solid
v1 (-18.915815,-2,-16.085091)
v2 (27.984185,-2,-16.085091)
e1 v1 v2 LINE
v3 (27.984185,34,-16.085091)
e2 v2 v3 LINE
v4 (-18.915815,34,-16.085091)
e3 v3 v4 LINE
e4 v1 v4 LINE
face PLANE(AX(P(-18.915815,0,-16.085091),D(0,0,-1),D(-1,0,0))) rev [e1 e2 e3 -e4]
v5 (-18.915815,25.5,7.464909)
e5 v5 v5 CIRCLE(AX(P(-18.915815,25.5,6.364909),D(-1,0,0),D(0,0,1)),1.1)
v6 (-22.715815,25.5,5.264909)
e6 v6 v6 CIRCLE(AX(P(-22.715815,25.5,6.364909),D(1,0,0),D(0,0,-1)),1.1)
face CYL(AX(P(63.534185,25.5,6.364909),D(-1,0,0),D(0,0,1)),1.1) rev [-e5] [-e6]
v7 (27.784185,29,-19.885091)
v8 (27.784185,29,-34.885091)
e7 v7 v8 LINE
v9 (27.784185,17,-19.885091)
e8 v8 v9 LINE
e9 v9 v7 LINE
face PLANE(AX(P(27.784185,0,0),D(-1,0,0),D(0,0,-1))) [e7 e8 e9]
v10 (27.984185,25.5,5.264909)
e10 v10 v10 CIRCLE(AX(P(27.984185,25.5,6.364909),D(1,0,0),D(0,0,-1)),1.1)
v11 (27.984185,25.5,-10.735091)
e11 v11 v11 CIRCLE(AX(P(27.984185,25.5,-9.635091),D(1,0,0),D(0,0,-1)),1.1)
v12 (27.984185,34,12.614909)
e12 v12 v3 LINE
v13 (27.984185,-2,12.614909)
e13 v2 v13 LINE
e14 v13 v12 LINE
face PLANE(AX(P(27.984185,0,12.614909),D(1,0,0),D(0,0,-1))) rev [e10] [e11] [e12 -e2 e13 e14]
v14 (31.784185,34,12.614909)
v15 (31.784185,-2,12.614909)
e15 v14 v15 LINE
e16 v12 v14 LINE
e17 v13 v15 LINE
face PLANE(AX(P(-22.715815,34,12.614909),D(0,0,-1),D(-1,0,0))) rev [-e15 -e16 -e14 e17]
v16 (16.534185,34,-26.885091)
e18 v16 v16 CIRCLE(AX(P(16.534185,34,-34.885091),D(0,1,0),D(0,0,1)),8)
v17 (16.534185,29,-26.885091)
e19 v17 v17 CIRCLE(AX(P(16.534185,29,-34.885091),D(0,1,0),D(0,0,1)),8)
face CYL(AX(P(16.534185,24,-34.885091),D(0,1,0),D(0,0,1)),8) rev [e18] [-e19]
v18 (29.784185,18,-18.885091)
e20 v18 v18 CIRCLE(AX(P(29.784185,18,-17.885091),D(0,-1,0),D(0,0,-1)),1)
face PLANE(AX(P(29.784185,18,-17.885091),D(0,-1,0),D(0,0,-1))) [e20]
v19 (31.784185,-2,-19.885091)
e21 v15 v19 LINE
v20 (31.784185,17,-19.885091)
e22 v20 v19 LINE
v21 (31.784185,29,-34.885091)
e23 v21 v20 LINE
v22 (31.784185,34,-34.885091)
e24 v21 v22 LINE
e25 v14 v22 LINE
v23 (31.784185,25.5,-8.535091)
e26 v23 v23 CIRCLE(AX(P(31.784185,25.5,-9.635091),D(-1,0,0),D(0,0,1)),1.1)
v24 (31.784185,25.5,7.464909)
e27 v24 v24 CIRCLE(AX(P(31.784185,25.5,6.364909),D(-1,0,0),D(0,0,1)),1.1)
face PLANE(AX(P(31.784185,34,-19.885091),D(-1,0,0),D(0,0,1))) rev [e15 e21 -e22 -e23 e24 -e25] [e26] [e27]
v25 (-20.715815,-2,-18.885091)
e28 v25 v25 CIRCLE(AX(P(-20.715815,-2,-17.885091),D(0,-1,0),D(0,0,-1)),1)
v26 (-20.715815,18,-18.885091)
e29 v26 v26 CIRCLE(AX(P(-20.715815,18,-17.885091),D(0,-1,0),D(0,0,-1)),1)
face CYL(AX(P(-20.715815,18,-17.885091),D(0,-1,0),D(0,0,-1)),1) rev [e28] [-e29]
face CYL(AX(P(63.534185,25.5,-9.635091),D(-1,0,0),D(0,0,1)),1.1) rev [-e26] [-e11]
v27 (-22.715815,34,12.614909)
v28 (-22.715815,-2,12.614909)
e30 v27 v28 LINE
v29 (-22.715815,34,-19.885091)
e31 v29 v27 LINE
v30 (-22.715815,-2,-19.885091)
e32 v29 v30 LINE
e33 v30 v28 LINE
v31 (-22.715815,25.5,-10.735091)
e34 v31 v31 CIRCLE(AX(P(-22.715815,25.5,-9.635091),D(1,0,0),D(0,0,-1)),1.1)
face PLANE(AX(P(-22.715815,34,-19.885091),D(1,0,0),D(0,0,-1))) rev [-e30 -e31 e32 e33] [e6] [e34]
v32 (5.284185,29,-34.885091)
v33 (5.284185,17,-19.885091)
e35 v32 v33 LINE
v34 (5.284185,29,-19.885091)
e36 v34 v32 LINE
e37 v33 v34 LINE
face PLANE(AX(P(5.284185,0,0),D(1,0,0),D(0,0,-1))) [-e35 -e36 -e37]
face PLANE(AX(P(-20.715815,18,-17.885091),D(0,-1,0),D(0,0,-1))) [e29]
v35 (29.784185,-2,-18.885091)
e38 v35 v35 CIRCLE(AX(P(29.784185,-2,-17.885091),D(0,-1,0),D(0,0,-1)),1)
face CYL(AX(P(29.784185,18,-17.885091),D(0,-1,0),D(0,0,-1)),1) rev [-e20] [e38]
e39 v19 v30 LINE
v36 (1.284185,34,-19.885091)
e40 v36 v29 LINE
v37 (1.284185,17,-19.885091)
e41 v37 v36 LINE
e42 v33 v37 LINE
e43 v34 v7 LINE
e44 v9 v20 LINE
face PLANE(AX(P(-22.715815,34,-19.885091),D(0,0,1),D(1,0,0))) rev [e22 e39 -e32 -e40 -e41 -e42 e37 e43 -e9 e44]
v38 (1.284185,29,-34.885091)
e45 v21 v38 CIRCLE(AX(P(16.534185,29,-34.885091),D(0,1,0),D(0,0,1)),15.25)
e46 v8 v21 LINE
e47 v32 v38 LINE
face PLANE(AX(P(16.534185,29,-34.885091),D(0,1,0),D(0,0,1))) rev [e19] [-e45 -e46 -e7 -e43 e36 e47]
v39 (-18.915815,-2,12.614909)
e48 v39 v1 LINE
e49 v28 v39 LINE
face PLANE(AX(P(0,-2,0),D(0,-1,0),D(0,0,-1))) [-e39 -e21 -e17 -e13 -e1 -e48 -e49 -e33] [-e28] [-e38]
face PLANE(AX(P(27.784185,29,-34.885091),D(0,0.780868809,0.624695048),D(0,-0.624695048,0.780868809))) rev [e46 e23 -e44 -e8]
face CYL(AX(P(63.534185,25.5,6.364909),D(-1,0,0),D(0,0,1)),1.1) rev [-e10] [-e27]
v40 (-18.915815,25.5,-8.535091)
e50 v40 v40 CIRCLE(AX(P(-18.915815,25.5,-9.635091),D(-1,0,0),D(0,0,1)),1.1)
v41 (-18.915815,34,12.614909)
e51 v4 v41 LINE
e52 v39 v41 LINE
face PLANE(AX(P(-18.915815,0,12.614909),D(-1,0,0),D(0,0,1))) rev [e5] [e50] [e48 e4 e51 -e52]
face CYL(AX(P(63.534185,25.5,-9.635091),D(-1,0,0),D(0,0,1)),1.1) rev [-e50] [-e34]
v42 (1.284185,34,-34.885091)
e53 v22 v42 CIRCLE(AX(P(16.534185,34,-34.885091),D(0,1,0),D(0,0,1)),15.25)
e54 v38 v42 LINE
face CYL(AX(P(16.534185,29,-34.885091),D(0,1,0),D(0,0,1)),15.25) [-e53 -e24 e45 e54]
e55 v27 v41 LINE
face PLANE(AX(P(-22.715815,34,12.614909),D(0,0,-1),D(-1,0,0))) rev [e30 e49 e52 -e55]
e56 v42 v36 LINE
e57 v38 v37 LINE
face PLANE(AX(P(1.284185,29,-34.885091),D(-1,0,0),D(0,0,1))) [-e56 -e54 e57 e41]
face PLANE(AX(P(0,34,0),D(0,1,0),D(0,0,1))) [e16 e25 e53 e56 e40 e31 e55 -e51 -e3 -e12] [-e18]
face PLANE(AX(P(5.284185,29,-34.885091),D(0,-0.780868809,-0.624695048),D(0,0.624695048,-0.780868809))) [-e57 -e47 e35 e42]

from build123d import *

# Parameters (mm, degrees)
SKETCH_1_W          = 54.5
SKETCH_1_H          = 32.5
EXTRUDE_2_DEPTH     = 34
EXTRUDE_3_DEPTH     = 5
EXTRUDE_6_DEPTH     = 4
SKETCH_14_W         = 46.9
SKETCH_14_H         = 28.7
CUT_EXTRUDE_6_DEPTH = 35
SKETCH_15_R         = 1.1
CUT_EXTRUDE_7_DEPTH = 47
EXTRUDE_7_DEPTH     = 2
SKETCH_18_R         = 8
CUT_EXTRUDE_8_DEPTH = 10
SKETCH_19_R         = 1
CUT_EXTRUDE_9_DEPTH = 20


with BuildPart() as part:
    # 草图1 → 凸台-拉伸2 (new body)
    with BuildSketch(Plane(origin=(0, 0, 0), x_dir=(1, 0, 0), z_dir=(0, 1, 0))):
        with Locations((4.534184514, 3.63509061)):
            Rectangle(SKETCH_1_W, SKETCH_1_H)
    extrude(amount=EXTRUDE_2_DEPTH)

    # 草图3 → 凸台-拉伸3 (add)
    with BuildSketch(Plane(origin=(0, 34, 0), x_dir=(1, 0, 0), z_dir=(0, 1, 0))):
        with BuildLine():
            Line((1.284184514, 34.88509061), (1.284184514, 19.88509061))
            Line((1.284184514, 19.88509061), (31.784184514, 19.88509061))
            Line((31.784184514, 19.88509061), (31.784184514, 34.88509061))
            ThreePointArc((31.784184514, 34.88509061), (16.534184514, 50.13509061), (1.284184514, 34.88509061))
        make_face()
    extrude_3 = extrude(amount=-EXTRUDE_3_DEPTH)

    # 草图11 → 凸台-拉伸6 (add)
    with BuildSketch(Plane.ZY.offset(-1.284184514)):
        Polygon((-34.88509061, 29), (-19.88509061, 17), (-19.88509061, 29), align=None)
    extrude_6 = extrude(amount=-EXTRUDE_6_DEPTH)

    # 镜向1: 凸台-拉伸3, 凸台-拉伸6 across plane
    add(extrude_3.mirror(Plane.ZY.offset(-16.534184514)))
    add(extrude_6.mirror(Plane.ZY.offset(-16.534184514)))

    # 草图14 → 切除-拉伸6 (cut, through all)
    with BuildSketch(Plane(origin=(0, 34, 0), x_dir=(1, 0, 0), z_dir=(0, 1, 0))):
        with Locations((4.534184514, 1.73509061)):
            Rectangle(SKETCH_14_W, SKETCH_14_H)
    extrude(amount=-CUT_EXTRUDE_6_DEPTH, mode=Mode.SUBTRACT)

    # 草图15 → 切除-拉伸7 (cut, symmetric)
    with BuildSketch(Plane.ZY.offset(-16.534184514)):
        with Locations((-9.63509061, 25.5)):
            Circle(SKETCH_15_R)
        with Locations((6.36490939, 25.5)):
            Circle(SKETCH_15_R)
    extrude(amount=CUT_EXTRUDE_7_DEPTH, both=True, mode=Mode.SUBTRACT)

    # 草图17 → 凸台-拉伸7 (add)
    with BuildSketch(Plane(origin=(0, 0, 0), x_dir=(1, 0, 0), z_dir=(0, 1, 0))):
        Polygon((-22.715815486, -12.61490939), (-22.715815486, 19.88509061), (31.784184514, 19.88509061), (31.784184514, -12.61490939), (27.984184514, -12.61490939), (27.984184514, 16.08509061), (-18.915815486, 16.08509061), (-18.915815486, -12.61490939), align=None)
    extrude(amount=-EXTRUDE_7_DEPTH)

    # 草图18 → 切除-拉伸8 (cut)
    with BuildSketch(Plane(origin=(0, 34, 0), x_dir=(1, 0, 0), z_dir=(0, 1, 0))):
        with Locations((16.534184514, 34.88509061)):
            Circle(SKETCH_18_R)
    extrude(amount=-CUT_EXTRUDE_8_DEPTH, mode=Mode.SUBTRACT)

    # 草图19 → 切除-拉伸9 (cut)
    with BuildSketch(Plane.XZ.offset(2)):
        with Locations((29.784184514, -17.88509061)):
            Circle(SKETCH_19_R)
        with Locations((-20.715815486, -17.88509061)):
            Circle(SKETCH_19_R)
    extrude(amount=-CUT_EXTRUDE_9_DEPTH, mode=Mode.SUBTRACT)


solid = part.part
